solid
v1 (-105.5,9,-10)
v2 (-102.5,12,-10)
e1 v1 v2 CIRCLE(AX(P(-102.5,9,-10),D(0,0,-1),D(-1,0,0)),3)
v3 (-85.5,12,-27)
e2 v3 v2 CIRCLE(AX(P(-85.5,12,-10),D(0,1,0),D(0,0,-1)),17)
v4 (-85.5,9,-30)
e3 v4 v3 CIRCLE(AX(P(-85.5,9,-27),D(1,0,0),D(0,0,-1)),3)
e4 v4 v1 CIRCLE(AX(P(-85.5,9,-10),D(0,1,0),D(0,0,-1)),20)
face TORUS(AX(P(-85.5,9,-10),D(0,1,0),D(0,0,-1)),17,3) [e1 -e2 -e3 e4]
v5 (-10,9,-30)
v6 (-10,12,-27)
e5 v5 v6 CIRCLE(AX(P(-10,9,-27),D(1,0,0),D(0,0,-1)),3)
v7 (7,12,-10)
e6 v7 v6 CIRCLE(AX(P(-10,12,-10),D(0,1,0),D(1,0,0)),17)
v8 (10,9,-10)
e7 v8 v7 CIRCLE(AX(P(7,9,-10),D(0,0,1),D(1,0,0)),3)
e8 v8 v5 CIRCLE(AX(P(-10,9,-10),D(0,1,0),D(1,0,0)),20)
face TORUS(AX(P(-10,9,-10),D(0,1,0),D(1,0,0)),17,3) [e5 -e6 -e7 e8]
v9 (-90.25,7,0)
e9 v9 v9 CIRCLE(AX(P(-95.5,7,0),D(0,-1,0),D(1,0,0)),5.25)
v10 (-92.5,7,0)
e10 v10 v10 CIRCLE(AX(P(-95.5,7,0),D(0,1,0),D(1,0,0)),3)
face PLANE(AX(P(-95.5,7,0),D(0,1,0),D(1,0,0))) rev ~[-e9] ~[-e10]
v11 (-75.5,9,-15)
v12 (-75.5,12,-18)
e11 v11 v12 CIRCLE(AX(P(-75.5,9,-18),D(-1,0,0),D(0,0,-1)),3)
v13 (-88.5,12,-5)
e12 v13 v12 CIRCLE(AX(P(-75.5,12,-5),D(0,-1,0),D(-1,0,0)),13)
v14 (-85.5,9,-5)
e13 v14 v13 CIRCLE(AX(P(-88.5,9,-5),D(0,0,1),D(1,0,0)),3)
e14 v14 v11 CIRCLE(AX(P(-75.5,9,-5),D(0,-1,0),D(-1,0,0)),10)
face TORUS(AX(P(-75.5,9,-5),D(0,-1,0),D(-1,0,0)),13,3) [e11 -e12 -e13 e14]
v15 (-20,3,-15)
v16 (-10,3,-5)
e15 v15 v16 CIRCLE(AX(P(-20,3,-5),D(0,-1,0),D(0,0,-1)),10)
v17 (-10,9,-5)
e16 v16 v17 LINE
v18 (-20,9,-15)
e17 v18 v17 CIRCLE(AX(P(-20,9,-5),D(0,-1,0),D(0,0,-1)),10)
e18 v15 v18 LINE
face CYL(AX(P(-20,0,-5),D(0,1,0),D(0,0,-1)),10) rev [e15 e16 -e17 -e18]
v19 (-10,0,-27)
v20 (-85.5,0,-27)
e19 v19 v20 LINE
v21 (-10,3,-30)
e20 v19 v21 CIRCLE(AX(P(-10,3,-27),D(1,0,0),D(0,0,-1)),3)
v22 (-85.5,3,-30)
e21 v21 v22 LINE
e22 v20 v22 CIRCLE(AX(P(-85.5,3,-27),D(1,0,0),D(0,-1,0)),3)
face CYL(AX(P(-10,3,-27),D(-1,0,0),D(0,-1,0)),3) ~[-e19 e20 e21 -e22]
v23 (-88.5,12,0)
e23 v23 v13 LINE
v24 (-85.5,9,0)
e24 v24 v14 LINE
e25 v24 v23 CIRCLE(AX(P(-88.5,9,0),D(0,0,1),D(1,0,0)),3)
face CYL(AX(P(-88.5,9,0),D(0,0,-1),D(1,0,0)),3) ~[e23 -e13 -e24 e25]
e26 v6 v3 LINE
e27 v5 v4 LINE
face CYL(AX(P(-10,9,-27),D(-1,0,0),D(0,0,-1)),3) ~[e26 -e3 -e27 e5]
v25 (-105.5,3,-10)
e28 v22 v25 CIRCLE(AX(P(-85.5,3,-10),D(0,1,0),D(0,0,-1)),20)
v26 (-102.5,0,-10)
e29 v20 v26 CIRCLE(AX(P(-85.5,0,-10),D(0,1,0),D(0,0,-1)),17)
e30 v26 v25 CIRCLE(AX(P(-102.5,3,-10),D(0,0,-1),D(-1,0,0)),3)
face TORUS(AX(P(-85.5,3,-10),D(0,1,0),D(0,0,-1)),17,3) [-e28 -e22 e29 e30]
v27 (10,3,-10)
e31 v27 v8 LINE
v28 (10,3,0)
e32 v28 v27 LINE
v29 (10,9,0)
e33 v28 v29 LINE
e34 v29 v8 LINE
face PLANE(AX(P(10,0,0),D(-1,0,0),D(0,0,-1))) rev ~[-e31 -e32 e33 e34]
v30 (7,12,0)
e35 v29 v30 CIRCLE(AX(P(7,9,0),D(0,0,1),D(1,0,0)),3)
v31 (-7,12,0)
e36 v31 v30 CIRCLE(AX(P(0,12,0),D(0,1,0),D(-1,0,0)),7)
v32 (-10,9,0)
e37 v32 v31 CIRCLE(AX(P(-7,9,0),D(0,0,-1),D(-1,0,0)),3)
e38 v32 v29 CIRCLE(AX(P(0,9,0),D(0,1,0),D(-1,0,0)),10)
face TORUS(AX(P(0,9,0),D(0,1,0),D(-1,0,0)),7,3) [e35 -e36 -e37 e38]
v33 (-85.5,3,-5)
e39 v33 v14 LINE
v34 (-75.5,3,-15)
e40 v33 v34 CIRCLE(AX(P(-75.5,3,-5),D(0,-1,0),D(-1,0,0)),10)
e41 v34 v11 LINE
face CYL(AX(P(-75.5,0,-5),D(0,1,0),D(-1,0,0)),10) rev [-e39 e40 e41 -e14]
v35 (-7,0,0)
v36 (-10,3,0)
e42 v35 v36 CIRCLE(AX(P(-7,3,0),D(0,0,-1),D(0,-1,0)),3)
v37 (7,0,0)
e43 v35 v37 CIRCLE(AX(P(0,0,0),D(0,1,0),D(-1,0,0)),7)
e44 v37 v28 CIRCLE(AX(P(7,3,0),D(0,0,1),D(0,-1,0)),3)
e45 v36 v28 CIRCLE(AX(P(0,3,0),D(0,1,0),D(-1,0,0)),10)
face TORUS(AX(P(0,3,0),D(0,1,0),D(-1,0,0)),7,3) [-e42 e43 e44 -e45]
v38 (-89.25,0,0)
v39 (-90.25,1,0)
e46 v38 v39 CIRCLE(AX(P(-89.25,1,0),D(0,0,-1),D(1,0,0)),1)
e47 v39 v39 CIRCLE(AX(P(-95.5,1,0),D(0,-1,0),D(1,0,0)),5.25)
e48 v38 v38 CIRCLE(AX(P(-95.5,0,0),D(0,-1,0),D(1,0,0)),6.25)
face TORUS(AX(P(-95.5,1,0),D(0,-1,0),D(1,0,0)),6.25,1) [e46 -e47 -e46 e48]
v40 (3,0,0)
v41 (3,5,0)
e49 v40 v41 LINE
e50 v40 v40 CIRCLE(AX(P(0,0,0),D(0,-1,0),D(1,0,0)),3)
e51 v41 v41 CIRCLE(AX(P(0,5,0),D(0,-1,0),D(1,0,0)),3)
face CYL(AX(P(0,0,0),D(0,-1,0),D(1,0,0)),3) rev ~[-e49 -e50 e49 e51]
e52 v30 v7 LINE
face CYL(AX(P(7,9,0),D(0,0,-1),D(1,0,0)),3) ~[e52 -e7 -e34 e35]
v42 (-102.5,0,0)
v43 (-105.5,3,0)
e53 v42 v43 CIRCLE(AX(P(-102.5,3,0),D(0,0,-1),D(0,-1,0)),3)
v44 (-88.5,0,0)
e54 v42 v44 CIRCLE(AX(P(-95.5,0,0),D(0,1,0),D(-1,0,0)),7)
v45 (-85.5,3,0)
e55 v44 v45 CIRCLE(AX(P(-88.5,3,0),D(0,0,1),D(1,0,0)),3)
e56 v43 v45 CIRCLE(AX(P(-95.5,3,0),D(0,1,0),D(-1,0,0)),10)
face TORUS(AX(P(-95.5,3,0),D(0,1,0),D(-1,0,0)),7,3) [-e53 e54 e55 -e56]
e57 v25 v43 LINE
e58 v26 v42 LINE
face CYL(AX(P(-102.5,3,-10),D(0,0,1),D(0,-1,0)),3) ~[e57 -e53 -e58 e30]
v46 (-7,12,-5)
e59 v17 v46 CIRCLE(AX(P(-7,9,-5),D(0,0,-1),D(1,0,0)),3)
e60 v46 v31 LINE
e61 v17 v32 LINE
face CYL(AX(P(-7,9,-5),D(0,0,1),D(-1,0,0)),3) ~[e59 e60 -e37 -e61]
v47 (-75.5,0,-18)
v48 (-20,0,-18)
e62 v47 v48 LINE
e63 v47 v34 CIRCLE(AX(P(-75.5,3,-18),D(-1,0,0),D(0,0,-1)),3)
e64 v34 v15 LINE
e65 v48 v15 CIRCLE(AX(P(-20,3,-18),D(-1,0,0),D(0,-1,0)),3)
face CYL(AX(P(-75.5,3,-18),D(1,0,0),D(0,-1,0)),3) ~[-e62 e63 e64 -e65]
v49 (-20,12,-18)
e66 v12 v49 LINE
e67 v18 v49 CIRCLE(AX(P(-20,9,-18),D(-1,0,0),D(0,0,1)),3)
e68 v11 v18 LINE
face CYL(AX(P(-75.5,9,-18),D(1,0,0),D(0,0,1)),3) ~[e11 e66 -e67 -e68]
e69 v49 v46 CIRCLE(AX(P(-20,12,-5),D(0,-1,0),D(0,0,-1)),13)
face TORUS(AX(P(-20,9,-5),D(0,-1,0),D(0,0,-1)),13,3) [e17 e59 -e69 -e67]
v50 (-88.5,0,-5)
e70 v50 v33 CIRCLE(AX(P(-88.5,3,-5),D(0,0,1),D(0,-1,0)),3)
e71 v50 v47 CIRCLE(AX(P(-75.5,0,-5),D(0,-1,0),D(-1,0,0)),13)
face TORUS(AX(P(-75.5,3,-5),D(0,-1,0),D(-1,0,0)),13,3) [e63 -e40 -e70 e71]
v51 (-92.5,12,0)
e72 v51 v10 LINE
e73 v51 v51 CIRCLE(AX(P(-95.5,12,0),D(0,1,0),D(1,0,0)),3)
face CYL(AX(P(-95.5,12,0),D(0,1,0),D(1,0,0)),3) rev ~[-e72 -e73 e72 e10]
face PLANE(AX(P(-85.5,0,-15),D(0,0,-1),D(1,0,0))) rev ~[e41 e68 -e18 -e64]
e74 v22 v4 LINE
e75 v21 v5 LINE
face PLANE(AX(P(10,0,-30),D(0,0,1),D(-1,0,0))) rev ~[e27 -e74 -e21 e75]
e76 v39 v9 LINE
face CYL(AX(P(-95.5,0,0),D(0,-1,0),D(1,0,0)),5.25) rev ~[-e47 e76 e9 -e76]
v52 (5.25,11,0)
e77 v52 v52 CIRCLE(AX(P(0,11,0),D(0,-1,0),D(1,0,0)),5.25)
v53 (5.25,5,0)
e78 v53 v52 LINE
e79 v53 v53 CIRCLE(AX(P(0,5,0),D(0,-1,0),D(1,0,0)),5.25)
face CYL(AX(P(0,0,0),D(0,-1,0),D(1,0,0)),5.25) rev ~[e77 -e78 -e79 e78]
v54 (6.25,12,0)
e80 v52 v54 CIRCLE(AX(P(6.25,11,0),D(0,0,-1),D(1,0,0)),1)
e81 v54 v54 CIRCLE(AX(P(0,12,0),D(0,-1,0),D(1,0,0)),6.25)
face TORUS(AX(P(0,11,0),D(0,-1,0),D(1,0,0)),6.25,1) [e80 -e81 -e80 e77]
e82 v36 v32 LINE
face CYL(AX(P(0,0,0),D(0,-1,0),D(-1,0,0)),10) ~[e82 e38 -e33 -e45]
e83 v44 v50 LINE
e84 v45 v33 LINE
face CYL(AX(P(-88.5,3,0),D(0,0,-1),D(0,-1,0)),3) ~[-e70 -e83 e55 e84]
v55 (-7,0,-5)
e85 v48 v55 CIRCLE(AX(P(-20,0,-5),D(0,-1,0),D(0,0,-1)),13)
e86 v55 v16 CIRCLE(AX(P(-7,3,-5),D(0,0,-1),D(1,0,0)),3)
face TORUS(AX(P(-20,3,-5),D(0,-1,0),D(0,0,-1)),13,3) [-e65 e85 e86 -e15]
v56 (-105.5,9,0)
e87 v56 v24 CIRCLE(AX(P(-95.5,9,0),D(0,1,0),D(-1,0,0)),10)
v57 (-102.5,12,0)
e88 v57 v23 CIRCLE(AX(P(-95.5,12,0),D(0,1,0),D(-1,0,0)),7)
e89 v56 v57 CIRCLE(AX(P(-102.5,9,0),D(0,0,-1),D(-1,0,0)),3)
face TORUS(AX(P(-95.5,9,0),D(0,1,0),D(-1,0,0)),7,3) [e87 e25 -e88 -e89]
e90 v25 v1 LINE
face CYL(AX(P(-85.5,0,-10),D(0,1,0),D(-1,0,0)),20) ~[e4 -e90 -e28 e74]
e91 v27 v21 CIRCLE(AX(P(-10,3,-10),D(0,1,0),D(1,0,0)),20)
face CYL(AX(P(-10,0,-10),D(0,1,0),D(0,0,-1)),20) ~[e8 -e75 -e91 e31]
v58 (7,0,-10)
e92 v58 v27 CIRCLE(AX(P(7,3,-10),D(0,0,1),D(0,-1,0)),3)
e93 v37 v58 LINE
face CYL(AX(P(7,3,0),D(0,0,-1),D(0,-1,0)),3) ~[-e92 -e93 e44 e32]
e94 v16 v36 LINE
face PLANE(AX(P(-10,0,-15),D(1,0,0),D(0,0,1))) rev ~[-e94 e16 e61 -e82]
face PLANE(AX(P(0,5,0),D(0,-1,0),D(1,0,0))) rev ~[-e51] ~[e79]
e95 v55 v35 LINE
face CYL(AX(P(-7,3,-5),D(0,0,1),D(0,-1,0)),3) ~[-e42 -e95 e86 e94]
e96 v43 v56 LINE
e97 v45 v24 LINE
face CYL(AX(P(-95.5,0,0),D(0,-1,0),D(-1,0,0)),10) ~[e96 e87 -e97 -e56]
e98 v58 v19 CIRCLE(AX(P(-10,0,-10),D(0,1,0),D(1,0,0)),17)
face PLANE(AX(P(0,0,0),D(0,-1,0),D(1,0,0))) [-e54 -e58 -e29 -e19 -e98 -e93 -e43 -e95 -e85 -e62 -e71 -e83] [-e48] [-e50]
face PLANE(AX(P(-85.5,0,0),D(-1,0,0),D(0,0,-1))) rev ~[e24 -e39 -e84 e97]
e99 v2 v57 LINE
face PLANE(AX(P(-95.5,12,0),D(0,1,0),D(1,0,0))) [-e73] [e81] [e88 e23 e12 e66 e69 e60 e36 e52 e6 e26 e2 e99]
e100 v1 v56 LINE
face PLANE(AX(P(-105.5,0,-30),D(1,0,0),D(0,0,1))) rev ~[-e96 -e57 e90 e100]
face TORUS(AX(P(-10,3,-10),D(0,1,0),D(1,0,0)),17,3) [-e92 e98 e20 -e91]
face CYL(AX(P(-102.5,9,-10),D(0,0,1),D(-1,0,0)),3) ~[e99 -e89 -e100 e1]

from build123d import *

# Parameters (mm, degrees)
SKETCH7_R           = 5
BOSS_EXTRUDE5_DEPTH = 12
FILLET2_R           = 20
FILLET3_R           = 10
FILLET5_R           = 3
SKETCH11_R          = 5.25
CUT_EXTRUDE1_DEPTH  = 25
FILLET6_R           = 1
SKETCH13_R          = 6.25
SKETCH13_R_2        = 3
BOSS_EXTRUDE7_DEPTH = 5
SKETCH14_R          = 6.25
SKETCH14_R_2        = 3
BOSS_EXTRUDE8_DEPTH = 5


with BuildPart() as part:
    # Sketch7 → Boss-Extrude5 (new body)
    with BuildSketch(Plane(origin=(0, 0, 0), x_dir=(1, 0, 0), z_dir=(0, 1, 0))):
        with BuildLine():
            Line((-105.5, 30), (-105.5, 0))
            ThreePointArc((-105.5, 0), (-95.5, -10), (-85.5, 0))
            Line((-85.5, 0), (-85.5, 15))
            Line((-85.5, 15), (-10, 15))
            Line((-10, 15), (-10, 0))
            ThreePointArc((-10, 0), (0, -10), (10, 0))
            Line((10, 0), (10, 30))
            Line((10, 30), (-10, 30))
            Line((-10, 30), (-85.5, 30))
            Line((-85.5, 30), (-105.5, 30))
        make_face()
        with Locations((-95.5, 0)):
            Circle(SKETCH7_R, mode=Mode.SUBTRACT)
    extrude(amount=BOSS_EXTRUDE5_DEPTH)

    # Fillet2
    fillet2_edges = [part.edges().sort_by_distance(p)[0] for p in [
        (-105.5, 6, -30),
        (10, 6, -30),
    ]]
    fillet(fillet2_edges, radius=FILLET2_R)

    # Fillet3
    fillet3_edges = [part.edges().sort_by_distance(p)[0] for p in [
        (-10, 6, -15),
        (-85.5, 6, -15),
    ]]
    fillet(fillet3_edges, radius=FILLET3_R)

    # Fillet5
    fillet5_edges = [part.edges().sort_by_distance(p)[0] for p in [
        (10, 0, -5),
        (-105.5, 12, -5),
        (0, 0, 10),
        (-10, 0, -2.5),
        (-85.5, 0, -2.5),
        (-95.5, 0, 10),
        (-105.5, 0, -5),
        (-95.5, 12, 10),
        (-85.5, 12, -2.5),
        (-47.75, 0, -30),
        (-47.75, 12, -30),
        (-10, 12, -2.5),
        (-99.642135624, 0, -24.142135624),
        (4.142135624, 0, -24.142135624),
        (-99.642135624, 12, -24.142135624),
        (4.142135624, 12, -24.142135624),
        (0, 12, 10),
        (10, 12, -5),
        (-47.75, 0, -15),
        (-47.75, 12, -15),
        (-12.928932188, 0, -12.071067812),
        (-12.928932188, 12, -12.071067812),
        (-82.571067812, 0, -12.071067812),
        (-82.571067812, 12, -12.071067812),
    ]]
    fillet(fillet5_edges, radius=FILLET5_R)

    # Sketch11 → Cut-Extrude1 (cut)
    with BuildSketch(Plane.XZ):
        with Locations((-95.5, 0)):
            Circle(SKETCH11_R)
        Circle(SKETCH11_R)
    extrude(amount=-CUT_EXTRUDE1_DEPTH, mode=Mode.SUBTRACT)

    # Fillet6
    fillet6_edges = [part.edges().sort_by_distance(p)[0] for p in [
        (-100.75, 12, 0),
        (-100.75, 0, 0),
        (-5.25, 12, 0),
        (-5.25, 0, 0),
    ]]
    fillet(fillet6_edges, radius=FILLET6_R)

    # Sketch13 → Boss-Extrude7 (add)
    with BuildSketch(Plane.XZ):
        Circle(SKETCH13_R)
        Circle(SKETCH13_R_2, mode=Mode.SUBTRACT)
    extrude(amount=-BOSS_EXTRUDE7_DEPTH)

    # Sketch14 → Boss-Extrude8 (add)
    with BuildSketch(Plane(origin=(0, 12, 0), x_dir=(1, 0, 0), z_dir=(0, 1, 0))):
        with Locations((-95.5, 0)):
            Circle(SKETCH14_R)
        with Locations((-95.5, 0)):
            Circle(SKETCH14_R_2, mode=Mode.SUBTRACT)
    extrude(amount=-BOSS_EXTRUDE8_DEPTH)


solid = part.part
